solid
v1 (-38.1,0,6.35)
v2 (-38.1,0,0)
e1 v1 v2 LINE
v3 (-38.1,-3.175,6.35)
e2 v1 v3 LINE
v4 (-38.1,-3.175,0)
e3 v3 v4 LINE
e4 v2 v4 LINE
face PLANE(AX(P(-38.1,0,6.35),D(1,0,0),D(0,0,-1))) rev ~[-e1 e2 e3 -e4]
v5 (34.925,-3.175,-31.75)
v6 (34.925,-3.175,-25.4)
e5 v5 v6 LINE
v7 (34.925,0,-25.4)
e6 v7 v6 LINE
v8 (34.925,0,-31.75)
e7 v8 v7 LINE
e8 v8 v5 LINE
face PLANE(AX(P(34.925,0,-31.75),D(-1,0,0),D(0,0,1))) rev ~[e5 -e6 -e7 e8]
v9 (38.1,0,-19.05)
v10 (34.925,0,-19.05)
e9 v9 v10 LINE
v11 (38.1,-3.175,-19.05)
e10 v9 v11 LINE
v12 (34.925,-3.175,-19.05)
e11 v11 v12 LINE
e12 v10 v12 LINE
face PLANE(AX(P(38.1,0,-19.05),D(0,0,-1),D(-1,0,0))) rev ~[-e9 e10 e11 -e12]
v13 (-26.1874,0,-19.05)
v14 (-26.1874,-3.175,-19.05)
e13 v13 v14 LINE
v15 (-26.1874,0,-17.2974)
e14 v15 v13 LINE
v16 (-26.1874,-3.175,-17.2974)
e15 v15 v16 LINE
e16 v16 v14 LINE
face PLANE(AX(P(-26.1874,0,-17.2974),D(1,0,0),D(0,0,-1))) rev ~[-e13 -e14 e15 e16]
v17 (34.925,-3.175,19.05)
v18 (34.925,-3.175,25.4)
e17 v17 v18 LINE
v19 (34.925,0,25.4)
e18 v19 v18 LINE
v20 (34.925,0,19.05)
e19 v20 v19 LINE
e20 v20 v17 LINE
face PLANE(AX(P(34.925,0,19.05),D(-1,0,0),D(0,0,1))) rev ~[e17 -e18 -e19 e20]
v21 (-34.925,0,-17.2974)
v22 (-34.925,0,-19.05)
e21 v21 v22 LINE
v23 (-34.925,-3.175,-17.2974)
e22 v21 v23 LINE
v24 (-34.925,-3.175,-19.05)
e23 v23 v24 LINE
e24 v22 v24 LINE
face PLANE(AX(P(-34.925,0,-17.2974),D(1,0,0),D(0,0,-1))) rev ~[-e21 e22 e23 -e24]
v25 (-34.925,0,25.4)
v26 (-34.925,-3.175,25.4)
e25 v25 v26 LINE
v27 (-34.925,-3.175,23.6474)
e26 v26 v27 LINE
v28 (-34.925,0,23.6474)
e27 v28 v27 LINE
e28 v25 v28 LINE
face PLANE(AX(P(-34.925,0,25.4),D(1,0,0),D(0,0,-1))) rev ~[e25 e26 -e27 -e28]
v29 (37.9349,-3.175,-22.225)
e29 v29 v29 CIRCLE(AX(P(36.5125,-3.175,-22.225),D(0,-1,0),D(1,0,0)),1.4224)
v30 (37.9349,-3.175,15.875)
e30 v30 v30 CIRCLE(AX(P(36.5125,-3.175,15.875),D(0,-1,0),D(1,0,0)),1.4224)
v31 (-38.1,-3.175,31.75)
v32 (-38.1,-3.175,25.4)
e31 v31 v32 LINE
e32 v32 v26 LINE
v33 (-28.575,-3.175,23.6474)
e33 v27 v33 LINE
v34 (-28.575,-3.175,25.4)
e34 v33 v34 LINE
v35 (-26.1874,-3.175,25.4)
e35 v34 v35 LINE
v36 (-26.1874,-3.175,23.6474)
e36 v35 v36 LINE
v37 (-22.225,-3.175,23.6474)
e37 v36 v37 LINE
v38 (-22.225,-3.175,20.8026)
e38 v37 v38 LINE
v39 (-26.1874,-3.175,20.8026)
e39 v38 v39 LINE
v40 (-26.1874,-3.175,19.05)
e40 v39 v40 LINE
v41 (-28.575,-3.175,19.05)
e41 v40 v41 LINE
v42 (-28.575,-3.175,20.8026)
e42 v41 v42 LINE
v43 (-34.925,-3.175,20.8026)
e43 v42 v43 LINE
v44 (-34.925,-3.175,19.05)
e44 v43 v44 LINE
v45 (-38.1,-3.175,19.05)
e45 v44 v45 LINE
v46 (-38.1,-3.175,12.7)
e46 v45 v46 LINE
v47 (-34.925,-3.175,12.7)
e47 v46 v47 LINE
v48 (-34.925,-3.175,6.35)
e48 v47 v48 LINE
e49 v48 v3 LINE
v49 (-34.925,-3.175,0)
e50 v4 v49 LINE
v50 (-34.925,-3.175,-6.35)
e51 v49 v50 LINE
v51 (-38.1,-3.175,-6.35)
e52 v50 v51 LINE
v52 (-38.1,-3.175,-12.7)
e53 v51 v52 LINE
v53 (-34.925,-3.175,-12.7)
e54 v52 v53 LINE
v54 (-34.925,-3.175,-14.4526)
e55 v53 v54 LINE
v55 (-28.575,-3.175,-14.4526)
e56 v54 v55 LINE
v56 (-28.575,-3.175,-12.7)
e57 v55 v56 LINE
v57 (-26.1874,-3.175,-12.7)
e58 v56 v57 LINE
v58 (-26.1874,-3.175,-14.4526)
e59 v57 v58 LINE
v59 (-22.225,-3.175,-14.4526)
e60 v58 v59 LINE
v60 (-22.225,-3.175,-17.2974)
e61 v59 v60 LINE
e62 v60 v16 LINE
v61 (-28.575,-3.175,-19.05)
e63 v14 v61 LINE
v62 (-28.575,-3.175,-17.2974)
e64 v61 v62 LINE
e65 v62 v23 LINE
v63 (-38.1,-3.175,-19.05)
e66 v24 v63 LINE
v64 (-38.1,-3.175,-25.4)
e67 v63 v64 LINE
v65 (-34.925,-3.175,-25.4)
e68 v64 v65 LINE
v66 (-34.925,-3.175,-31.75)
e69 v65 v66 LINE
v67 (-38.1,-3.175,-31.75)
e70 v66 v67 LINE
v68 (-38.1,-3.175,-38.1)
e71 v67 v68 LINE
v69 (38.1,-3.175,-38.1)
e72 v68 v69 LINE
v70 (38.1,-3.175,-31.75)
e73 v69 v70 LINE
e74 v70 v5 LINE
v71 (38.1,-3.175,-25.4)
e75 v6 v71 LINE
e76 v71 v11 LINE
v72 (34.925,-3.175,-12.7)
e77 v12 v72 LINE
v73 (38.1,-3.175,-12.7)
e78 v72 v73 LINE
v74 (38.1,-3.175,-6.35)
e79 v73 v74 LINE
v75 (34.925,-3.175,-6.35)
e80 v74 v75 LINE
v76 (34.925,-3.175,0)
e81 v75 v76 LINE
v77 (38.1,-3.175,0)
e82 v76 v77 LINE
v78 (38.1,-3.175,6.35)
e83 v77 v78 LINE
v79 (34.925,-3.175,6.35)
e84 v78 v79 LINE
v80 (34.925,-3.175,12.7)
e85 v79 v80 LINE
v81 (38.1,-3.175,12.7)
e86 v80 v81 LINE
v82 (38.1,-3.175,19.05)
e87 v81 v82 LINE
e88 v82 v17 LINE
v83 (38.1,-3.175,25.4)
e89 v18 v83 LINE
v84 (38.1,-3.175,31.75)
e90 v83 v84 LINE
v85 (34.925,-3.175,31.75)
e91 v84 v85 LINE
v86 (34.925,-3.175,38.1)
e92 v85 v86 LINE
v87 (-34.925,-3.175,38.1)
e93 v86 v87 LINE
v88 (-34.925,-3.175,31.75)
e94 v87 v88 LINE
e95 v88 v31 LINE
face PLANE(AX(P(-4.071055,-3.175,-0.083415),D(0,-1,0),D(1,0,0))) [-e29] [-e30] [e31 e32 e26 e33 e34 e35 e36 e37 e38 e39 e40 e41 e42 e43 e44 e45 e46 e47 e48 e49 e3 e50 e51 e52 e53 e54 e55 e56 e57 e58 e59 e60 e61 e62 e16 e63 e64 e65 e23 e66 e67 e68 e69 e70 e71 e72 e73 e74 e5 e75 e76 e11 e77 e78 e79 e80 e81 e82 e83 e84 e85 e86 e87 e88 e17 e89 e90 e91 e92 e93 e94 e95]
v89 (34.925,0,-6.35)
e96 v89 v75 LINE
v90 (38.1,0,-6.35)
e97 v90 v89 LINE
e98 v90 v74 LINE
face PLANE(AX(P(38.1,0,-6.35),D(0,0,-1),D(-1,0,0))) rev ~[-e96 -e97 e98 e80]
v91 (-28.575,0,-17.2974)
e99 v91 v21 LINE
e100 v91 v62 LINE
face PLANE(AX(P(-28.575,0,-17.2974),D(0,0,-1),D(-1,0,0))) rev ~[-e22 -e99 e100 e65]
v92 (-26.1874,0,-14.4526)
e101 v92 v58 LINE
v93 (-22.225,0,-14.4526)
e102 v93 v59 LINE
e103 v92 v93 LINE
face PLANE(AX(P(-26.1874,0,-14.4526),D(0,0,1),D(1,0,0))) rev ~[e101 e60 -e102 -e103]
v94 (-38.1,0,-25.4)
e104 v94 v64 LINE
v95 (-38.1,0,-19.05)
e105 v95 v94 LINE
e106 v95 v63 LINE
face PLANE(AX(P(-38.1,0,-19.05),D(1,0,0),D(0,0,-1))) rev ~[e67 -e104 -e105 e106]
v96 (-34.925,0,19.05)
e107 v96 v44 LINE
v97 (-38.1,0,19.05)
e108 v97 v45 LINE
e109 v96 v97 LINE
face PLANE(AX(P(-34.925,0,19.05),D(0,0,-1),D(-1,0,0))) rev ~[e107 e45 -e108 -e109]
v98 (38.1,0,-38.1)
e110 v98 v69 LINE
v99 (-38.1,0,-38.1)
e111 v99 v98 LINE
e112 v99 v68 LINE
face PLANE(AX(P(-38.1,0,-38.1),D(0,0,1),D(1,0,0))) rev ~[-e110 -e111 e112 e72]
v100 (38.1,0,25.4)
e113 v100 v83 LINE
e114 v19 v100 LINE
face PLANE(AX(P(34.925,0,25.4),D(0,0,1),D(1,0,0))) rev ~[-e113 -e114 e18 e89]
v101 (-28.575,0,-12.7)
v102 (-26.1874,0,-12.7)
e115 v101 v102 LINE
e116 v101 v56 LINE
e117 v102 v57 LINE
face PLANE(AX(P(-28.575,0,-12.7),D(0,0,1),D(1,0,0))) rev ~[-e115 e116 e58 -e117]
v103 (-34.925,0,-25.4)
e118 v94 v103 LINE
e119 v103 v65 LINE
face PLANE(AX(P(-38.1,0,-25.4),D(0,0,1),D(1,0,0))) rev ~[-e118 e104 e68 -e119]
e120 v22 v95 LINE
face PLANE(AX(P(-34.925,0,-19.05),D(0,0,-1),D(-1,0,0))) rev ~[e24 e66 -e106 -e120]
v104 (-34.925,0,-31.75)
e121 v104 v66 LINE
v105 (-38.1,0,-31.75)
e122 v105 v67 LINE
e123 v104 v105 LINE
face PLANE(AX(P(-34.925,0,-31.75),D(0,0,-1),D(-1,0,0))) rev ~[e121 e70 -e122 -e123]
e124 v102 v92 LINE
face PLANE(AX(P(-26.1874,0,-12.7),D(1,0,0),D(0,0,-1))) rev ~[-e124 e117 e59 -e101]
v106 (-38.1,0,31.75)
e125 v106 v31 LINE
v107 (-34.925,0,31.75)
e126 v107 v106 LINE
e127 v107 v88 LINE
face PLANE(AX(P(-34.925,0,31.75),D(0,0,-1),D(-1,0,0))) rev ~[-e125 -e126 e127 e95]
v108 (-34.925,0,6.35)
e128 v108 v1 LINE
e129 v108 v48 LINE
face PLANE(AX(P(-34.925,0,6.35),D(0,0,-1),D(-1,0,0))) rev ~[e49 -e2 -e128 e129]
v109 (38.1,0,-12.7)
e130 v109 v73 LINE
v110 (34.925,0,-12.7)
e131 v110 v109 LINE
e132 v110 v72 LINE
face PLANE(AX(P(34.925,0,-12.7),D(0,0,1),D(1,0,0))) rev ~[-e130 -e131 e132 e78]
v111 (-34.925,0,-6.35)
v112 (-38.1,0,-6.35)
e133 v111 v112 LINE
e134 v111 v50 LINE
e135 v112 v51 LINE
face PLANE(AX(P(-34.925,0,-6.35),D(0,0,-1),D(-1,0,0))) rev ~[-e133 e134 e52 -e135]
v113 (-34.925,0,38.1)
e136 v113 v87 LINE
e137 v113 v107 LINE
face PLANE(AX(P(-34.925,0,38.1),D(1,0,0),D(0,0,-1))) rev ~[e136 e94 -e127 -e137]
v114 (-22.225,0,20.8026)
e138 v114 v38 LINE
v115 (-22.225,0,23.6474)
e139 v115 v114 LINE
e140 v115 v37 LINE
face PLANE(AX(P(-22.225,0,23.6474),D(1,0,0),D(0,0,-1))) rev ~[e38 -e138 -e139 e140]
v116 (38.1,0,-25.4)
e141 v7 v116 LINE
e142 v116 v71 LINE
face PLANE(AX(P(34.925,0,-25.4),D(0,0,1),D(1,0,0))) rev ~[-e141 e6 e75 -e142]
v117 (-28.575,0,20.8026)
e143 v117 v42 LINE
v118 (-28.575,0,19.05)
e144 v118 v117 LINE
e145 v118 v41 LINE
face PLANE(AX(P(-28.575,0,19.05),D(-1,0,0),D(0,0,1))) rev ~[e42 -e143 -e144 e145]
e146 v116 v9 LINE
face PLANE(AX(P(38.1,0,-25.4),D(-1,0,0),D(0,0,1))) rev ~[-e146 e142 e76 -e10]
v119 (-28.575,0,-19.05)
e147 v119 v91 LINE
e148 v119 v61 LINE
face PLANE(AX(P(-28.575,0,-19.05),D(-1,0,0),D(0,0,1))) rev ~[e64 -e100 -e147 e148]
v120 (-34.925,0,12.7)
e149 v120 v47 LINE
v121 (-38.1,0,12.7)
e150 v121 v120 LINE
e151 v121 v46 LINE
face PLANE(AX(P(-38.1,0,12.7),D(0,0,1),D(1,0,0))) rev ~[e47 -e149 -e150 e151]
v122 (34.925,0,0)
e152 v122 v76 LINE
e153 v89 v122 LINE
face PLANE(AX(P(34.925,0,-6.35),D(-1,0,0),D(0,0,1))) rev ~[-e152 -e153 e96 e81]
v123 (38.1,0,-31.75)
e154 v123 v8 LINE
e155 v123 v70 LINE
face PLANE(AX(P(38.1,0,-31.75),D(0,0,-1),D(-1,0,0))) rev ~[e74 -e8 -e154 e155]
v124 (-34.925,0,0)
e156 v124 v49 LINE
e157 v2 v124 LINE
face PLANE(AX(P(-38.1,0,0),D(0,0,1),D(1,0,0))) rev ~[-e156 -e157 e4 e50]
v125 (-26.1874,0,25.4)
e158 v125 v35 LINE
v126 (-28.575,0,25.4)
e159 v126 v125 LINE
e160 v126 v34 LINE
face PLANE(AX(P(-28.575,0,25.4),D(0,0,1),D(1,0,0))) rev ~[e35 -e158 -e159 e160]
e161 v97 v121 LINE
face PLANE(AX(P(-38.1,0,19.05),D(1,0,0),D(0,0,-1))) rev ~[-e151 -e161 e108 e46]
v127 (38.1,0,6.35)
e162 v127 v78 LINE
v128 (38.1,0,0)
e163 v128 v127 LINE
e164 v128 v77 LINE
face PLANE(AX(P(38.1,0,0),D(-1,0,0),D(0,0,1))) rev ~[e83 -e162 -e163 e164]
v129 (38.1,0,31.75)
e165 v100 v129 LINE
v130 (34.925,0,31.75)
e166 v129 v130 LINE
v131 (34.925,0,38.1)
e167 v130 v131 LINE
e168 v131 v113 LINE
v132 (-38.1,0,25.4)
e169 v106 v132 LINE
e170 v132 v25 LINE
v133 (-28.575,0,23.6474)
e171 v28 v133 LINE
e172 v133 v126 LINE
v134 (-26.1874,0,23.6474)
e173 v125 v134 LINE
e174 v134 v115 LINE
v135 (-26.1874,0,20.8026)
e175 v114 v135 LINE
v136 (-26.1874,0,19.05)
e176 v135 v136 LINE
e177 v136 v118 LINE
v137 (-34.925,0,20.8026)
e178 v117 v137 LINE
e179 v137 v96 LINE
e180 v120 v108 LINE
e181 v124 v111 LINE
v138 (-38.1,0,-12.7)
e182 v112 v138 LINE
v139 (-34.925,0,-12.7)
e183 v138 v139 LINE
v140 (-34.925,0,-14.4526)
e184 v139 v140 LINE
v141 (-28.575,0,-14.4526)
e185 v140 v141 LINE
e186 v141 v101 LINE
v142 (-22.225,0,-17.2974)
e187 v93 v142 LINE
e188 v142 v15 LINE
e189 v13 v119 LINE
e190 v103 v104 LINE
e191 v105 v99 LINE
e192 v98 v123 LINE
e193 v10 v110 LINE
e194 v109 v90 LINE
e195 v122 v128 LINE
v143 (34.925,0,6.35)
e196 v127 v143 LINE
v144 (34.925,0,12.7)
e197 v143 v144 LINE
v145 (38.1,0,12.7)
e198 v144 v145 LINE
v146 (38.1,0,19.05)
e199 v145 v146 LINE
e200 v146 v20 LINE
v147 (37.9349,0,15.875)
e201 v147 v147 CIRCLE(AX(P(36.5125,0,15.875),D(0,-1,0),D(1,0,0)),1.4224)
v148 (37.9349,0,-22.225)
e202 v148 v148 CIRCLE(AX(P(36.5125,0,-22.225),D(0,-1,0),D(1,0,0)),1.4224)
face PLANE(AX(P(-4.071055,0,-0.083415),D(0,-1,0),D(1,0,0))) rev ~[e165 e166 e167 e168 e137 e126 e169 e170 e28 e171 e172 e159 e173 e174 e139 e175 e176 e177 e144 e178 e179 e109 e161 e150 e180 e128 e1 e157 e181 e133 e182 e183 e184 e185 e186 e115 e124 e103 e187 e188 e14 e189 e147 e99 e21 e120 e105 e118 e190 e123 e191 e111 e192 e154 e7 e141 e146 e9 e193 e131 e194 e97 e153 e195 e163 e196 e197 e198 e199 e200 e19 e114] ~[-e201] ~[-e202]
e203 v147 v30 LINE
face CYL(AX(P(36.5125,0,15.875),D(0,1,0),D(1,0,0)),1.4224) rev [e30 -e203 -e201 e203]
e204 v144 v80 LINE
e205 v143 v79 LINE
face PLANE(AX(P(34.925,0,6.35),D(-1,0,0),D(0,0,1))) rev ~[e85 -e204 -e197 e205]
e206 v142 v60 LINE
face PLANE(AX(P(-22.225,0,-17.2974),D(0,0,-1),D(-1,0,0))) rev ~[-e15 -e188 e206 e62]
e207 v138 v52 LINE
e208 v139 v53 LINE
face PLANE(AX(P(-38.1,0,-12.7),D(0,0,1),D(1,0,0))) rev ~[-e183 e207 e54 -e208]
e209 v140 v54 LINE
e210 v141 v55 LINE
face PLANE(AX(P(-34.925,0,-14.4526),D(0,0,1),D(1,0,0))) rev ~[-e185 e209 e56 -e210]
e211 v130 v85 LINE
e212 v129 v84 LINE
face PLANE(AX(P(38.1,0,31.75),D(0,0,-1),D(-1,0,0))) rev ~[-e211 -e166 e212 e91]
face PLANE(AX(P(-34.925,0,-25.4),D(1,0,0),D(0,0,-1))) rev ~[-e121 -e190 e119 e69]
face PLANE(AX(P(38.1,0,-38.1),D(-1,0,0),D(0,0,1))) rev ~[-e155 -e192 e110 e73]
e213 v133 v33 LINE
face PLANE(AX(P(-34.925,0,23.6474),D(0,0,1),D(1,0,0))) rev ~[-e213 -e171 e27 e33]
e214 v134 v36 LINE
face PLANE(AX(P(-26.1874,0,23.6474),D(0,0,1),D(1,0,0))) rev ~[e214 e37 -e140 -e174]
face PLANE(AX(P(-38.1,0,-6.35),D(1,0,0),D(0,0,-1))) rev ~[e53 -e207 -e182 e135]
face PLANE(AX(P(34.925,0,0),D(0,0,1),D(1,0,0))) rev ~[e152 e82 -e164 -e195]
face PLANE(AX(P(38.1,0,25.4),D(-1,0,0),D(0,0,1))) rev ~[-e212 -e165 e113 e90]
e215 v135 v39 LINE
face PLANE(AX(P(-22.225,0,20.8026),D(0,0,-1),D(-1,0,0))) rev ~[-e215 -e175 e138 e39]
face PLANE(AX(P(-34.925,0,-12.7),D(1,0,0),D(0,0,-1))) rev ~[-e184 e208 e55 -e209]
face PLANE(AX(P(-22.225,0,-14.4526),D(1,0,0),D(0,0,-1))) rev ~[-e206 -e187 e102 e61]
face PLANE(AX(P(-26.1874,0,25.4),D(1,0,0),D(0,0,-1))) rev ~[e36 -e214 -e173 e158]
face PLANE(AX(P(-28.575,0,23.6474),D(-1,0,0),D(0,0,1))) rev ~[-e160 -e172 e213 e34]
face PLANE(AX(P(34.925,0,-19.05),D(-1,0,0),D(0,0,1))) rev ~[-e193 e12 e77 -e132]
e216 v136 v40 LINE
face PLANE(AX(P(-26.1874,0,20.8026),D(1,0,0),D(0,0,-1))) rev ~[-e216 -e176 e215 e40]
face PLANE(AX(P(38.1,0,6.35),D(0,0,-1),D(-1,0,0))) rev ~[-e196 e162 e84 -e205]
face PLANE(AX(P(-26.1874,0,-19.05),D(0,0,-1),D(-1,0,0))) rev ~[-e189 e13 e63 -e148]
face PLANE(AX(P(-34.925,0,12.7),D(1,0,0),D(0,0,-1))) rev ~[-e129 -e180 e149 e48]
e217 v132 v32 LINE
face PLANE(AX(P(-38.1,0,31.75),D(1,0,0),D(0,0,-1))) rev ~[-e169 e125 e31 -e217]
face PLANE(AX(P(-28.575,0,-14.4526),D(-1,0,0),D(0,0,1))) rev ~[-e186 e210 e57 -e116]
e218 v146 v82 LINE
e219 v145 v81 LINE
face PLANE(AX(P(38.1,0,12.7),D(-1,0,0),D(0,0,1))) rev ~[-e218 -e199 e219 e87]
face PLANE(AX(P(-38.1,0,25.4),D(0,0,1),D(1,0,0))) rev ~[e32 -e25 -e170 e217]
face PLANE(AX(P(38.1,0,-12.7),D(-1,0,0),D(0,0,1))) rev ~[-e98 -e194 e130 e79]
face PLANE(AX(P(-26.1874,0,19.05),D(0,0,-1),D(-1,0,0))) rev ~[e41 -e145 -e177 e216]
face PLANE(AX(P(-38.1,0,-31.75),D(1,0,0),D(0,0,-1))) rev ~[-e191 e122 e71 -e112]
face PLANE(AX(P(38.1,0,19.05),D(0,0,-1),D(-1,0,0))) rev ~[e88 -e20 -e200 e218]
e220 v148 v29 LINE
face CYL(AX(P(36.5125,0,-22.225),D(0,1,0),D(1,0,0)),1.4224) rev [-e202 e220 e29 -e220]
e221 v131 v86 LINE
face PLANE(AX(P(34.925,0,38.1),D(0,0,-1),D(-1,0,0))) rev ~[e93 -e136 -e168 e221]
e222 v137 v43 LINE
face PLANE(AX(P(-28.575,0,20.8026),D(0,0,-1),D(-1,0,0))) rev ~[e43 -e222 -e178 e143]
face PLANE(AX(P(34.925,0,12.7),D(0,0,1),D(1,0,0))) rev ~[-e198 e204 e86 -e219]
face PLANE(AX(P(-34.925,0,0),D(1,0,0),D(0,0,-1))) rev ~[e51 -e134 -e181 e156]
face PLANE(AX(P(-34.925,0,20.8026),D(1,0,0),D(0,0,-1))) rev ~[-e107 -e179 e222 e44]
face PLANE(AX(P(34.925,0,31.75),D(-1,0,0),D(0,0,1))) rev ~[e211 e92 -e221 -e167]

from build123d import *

# Parameters (mm, degrees)
F0_R     = 1.4224
F1_DEPTH = 3.175


with BuildPart() as f1:
    # F0 (on Front) → F1 (new body)
    with BuildSketch(Plane.XZ):
        Polygon((-28.575, 38.1), (-34.925, 38.1), (-34.925, 36.3474), (-34.925, 33.5026), (-34.925, 31.75), (-38.1, 31.75), (-38.1, 25.4), (-34.925, 25.4), (-34.925, 23.6474), (-28.575, 23.6474), (-28.575, 25.4), (-26.1874, 25.4), (-26.1874, 23.6474), (-22.225, 23.6474), (-22.225, 20.8026), (-26.1874, 20.8026), (-26.1874, 19.05), (-28.575, 19.05), (-28.575, 20.8026), (-34.925, 20.8026), (-34.925, 19.05), (-38.1, 19.05), (-38.1, 12.7), (-34.925, 12.7), (-34.925, 10.9474), (-34.925, 8.1026), (-34.925, 6.35), (-38.1, 6.35), (-38.1, 0), (-34.925, 0), (-34.925, -1.7526), (-34.925, -4.5974), (-34.925, -6.35), (-38.1, -6.35), (-38.1, -12.7), (-34.925, -12.7), (-34.925, -14.4526), (-28.575, -14.4526), (-28.575, -12.7), (-26.1874, -12.7), (-26.1874, -14.4526), (-22.225, -14.4526), (-22.225, -17.2974), (-26.1874, -17.2974), (-26.1874, -19.05), (-28.575, -19.05), (-28.575, -17.2974), (-34.925, -17.2974), (-34.925, -19.05), (-38.1, -19.05), (-38.1, -25.4), (-34.925, -25.4), (-34.925, -27.1526), (-34.925, -29.9974), (-34.925, -31.75), (-38.1, -31.75), (-38.1, -38.1), (-34.925, -38.1), (34.925, -38.1), (38.1, -38.1), (38.1, -31.75), (34.925, -31.75), (34.925, -25.4), (38.1, -25.4), (38.1, -19.05), (34.925, -19.05), (34.925, -12.7), (38.1, -12.7), (38.1, -6.35), (34.925, -6.35), (34.925, 0), (38.1, 0), (38.1, 6.35), (34.925, 6.35), (34.925, 12.7), (38.1, 12.7), (38.1, 19.05), (34.925, 19.05), (34.925, 25.4), (38.1, 25.4), (38.1, 31.75), (34.925, 31.75), (34.925, 38.1), (-26.19375, 38.1), align=None)
        with Locations((36.5125, -22.225)):
            Circle(F0_R, mode=Mode.SUBTRACT)
        with Locations((36.5125, 15.875)):
            Circle(F0_R, mode=Mode.SUBTRACT)
    extrude(amount=F1_DEPTH)


solid = f1.part
